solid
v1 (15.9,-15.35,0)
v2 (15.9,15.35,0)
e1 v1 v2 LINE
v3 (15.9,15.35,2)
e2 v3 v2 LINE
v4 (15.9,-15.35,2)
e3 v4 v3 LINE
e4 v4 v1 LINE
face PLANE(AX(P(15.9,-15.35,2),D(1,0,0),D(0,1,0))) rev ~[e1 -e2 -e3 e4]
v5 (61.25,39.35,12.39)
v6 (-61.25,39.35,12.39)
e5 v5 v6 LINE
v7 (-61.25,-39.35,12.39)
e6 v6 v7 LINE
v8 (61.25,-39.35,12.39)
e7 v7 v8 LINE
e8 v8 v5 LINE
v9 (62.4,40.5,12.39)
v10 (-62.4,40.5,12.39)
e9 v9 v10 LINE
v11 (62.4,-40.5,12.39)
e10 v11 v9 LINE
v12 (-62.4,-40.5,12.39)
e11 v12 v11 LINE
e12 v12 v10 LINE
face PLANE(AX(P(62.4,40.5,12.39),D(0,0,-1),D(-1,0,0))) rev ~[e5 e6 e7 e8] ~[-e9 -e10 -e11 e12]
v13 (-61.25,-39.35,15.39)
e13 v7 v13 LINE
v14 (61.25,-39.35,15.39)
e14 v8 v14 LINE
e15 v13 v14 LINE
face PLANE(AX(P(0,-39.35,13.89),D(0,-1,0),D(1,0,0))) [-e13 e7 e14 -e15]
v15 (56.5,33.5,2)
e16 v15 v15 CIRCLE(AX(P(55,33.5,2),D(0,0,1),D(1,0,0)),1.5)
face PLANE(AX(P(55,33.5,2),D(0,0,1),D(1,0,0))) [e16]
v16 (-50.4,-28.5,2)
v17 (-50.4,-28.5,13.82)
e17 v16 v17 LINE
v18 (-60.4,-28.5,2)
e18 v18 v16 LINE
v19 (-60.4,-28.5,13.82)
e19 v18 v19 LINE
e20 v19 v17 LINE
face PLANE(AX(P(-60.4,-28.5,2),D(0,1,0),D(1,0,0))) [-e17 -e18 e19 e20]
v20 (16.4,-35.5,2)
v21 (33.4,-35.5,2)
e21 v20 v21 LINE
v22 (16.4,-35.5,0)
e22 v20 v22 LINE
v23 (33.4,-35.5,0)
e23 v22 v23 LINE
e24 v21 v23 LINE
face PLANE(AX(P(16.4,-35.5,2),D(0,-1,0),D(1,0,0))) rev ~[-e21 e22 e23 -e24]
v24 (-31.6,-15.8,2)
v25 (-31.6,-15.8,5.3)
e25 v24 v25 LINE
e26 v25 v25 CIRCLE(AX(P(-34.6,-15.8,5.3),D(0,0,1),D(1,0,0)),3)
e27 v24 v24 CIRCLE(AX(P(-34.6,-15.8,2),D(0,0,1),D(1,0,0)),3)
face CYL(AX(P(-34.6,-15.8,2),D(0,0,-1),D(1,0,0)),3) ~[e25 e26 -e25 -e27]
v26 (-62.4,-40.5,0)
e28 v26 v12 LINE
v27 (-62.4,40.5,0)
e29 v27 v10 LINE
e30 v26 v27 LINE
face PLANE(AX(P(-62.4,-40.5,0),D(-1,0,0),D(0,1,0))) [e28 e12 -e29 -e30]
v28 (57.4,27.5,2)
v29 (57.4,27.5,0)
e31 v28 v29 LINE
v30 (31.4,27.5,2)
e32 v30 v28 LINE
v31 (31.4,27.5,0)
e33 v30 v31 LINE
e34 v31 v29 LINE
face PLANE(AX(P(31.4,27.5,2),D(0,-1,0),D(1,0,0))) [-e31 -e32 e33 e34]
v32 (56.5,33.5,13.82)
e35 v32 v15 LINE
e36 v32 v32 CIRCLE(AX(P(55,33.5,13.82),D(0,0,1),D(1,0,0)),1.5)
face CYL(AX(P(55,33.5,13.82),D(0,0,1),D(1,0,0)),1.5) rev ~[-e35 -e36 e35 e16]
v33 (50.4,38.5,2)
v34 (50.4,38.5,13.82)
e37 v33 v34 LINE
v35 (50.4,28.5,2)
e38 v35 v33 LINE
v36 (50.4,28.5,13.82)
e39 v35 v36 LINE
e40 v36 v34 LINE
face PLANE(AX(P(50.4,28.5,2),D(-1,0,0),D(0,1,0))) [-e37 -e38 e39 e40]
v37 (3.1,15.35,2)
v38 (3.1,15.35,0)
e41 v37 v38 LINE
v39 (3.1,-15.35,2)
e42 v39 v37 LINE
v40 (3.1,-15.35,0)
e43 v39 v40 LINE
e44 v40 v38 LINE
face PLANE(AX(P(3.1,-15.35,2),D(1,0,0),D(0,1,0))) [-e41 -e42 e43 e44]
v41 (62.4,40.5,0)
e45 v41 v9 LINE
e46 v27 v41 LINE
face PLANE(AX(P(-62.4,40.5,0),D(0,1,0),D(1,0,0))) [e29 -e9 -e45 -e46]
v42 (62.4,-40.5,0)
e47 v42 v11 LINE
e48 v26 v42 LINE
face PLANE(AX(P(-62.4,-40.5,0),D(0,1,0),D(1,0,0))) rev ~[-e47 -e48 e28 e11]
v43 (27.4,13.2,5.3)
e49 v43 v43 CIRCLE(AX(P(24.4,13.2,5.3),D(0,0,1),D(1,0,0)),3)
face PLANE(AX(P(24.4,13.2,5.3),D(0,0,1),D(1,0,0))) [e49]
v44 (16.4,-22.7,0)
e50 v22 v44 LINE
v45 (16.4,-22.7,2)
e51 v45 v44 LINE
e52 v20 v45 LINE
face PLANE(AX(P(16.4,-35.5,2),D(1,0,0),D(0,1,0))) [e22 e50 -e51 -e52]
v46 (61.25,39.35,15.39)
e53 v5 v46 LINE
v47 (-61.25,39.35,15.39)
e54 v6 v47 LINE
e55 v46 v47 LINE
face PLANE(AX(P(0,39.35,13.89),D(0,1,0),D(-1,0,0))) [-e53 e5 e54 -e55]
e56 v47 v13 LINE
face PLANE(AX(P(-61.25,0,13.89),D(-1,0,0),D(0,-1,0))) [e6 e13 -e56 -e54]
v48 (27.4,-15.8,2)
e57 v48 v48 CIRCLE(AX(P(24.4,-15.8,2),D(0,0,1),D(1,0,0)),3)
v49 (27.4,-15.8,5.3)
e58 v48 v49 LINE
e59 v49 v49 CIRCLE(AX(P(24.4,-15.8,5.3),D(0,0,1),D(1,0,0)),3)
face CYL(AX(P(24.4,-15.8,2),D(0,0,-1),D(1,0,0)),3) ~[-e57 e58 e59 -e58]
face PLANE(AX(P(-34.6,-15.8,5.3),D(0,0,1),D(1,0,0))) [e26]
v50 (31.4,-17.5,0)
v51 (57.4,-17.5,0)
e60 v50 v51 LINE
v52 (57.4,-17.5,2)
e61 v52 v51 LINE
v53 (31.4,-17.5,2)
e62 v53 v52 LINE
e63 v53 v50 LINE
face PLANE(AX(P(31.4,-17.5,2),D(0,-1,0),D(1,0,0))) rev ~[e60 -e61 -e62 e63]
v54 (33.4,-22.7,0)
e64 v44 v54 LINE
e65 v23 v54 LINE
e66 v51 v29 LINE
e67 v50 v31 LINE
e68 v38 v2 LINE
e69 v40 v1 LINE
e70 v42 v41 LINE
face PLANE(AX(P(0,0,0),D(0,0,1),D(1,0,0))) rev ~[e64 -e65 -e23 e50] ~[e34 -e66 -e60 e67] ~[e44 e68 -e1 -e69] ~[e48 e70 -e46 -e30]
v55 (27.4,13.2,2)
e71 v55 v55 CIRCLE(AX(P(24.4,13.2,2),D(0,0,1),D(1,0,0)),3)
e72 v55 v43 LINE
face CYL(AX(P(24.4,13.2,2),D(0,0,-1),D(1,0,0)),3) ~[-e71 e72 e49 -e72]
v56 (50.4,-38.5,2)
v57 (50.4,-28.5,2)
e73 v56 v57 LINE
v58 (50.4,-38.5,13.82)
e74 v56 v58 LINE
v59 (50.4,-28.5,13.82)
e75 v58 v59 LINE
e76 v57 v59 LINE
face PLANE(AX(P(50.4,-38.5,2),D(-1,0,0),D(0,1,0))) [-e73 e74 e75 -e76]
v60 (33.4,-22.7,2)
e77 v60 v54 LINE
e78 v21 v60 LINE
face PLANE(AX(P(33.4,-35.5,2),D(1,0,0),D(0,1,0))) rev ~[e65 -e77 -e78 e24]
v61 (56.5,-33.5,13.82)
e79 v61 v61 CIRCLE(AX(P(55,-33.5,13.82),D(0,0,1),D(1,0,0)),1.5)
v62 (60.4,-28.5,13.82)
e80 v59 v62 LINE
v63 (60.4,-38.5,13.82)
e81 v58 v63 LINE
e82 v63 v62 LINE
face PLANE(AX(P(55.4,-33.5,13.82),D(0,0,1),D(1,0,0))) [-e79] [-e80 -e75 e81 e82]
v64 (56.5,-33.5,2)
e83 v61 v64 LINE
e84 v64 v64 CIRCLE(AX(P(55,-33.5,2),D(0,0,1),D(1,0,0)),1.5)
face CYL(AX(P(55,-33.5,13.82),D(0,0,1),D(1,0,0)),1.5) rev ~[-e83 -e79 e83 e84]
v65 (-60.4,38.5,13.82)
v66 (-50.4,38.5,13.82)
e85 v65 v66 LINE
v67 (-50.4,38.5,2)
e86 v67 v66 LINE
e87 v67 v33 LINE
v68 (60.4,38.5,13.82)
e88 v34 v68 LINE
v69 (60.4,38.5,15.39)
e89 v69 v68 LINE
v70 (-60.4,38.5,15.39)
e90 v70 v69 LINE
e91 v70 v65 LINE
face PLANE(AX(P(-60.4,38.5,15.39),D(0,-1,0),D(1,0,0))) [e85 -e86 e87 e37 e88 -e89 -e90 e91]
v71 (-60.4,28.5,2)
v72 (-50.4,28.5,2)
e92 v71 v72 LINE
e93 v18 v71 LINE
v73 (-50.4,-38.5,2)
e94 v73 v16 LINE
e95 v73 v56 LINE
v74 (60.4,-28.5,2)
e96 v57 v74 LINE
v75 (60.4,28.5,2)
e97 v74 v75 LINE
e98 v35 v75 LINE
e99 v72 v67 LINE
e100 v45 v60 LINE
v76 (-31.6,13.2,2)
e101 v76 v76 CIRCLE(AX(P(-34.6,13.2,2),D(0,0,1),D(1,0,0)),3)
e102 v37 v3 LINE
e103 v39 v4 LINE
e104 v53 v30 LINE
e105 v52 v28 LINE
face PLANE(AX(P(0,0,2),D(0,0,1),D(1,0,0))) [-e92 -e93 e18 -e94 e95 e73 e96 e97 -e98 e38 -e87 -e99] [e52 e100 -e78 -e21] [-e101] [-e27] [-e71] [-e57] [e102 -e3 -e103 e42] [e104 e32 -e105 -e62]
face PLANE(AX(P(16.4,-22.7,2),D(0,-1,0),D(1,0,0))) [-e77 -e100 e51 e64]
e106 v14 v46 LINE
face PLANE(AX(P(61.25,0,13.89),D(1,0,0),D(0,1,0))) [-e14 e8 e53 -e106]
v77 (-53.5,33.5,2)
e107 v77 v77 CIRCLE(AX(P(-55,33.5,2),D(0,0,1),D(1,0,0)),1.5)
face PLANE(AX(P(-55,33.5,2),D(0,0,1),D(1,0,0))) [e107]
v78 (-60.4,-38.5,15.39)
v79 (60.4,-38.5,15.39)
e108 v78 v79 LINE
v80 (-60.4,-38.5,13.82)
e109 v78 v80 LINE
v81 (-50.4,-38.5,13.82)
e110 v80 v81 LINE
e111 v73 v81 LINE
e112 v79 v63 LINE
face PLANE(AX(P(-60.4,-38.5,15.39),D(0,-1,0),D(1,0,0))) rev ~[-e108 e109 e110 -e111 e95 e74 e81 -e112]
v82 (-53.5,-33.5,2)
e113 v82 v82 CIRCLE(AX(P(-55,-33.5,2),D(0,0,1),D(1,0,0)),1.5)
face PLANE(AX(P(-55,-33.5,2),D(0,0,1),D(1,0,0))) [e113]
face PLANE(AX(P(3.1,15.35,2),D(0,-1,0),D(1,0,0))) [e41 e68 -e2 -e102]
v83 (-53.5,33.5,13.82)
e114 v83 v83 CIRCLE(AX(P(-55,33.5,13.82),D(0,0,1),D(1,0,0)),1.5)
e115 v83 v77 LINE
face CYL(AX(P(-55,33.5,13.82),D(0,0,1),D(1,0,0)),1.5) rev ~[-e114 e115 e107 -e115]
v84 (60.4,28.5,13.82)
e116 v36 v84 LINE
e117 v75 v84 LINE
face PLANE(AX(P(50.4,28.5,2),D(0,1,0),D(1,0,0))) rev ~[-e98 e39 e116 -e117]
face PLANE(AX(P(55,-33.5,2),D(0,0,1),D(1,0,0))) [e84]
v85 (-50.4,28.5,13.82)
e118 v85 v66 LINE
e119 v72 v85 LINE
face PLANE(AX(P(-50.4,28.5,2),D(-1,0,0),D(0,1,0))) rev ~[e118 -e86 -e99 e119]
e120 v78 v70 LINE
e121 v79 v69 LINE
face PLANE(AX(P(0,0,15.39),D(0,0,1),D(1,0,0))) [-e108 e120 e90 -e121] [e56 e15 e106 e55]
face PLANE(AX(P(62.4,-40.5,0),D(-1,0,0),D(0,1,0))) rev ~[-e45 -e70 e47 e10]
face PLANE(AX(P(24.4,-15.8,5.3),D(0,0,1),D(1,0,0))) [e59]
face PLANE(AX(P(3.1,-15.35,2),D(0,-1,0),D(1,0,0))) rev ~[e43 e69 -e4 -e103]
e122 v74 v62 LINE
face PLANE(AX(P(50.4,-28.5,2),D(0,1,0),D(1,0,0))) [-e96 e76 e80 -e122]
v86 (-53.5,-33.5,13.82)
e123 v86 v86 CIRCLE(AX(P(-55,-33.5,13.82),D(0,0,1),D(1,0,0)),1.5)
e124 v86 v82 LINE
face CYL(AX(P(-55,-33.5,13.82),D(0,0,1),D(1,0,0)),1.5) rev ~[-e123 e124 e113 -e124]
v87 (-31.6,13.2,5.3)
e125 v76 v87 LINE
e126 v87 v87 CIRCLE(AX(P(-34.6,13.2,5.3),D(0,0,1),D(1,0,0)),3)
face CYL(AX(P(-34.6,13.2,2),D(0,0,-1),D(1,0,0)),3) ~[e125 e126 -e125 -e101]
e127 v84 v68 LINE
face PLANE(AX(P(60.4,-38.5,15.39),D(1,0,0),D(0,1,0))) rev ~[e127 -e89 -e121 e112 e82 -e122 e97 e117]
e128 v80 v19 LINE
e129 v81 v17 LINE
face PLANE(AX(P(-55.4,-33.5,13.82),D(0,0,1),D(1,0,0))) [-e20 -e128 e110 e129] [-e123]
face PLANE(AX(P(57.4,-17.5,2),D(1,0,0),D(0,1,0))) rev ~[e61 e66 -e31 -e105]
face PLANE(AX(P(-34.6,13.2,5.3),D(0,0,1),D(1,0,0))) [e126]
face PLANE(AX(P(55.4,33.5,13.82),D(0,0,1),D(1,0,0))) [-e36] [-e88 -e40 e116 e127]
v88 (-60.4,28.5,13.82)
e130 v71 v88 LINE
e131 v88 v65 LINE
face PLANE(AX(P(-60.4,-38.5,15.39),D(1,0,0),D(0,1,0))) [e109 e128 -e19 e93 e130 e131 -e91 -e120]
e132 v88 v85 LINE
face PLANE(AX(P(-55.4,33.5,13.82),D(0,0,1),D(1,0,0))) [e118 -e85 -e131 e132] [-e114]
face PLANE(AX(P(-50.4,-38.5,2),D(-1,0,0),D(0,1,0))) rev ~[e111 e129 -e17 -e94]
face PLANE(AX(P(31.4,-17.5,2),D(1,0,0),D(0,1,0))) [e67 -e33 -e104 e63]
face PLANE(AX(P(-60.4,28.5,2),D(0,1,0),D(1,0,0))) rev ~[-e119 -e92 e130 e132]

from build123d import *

# Parameters (mm, degrees)
F0_W      = 124.8
F0_H      = 81
F1_DEPTH  = 15.39
F2_W      = 120.8
F2_H      = 77
F3_DEPTH  = 13.39
F4_W      = 124.8
F4_H      = 3
F5_DEPTH  = 1.15
F6_W      = 124.8
F6_H      = 3
F7_DEPTH  = 1.15
F8_W      = 78.7
F8_H      = 3
F9_DEPTH  = 1.15
F10_W     = 78.7
F10_H     = 3
F11_DEPTH = 1.15
F12_W     = 10
F12_H     = 10
F13_DEPTH = 11.82
F14_W     = 10
F14_H     = 10
F15_DEPTH = 11.82
F16_W     = 10
F16_H     = 10
F17_DEPTH = 11.82
F18_W     = 10
F18_H     = 10
F19_DEPTH = 11.82
F20_R     = 1.5
F21_DEPTH = 11.82
F22_R     = 1.5
F23_DEPTH = 11.82
F24_R     = 1.5
F25_DEPTH = 11.82
F26_R     = 1.5
F27_DEPTH = 11.82
F28_W     = 26
F28_H     = 45
F29_DEPTH = 2.001
F30_W     = 12.8
F30_H     = 30.7
F31_DEPTH = 2.001
F32_W     = 17
F32_H     = 12.8
F33_DEPTH = 2.001
F34_R     = 3
F35_DEPTH = 3.3


with BuildPart() as f1:
    # F0 (on Top) → F1 (new body)
    with BuildSketch(Plane.XY):
        Rectangle(F0_W, F0_H)
    extrude(amount=F1_DEPTH)

    # F2 (on face) → F3 (cut)
    with BuildSketch(Plane.XY.offset(15.39)):
        Rectangle(F2_W, F2_H)
    extrude(amount=-F3_DEPTH, mode=Mode.SUBTRACT)

    # F4 (on face) → F5 (cut)
    with BuildSketch(Plane(origin=(0, 40.5, 0), x_dir=(-1, 0, 0), z_dir=(0, 1, 0))):
        with Locations((0, 13.89)):
            Rectangle(F4_W, F4_H)
    extrude(amount=-F5_DEPTH, mode=Mode.SUBTRACT)

    # F6 (on face) → F7 (cut)
    with BuildSketch(Plane.XZ.offset(40.5)):
        with Locations((0, 13.89)):
            Rectangle(F6_W, F6_H)
    extrude(amount=-F7_DEPTH, mode=Mode.SUBTRACT)

    # F8 (on face) → F9 (cut)
    with BuildSketch(Plane(origin=(-62.4, 0, 0), x_dir=(0, -1, 0), z_dir=(-1, 0, 0))):
        with Locations((0, 13.89)):
            Rectangle(F8_W, F8_H)
    extrude(amount=-F9_DEPTH, mode=Mode.SUBTRACT)

    # F10 (on face) → F11 (cut)
    with BuildSketch(Plane.YZ.offset(62.4)):
        with Locations((0, 13.89)):
            Rectangle(F10_W, F10_H)
    extrude(amount=-F11_DEPTH, mode=Mode.SUBTRACT)

    # F12 (on face) → F13 (join)
    with BuildSketch(Plane.XY.offset(2)):
        with Locations((-55.4, 33.5)):
            Rectangle(F12_W, F12_H)
    extrude(amount=F13_DEPTH)

    # F14 (on face) → F15 (join)
    with BuildSketch(Plane.XY.offset(2)):
        with Locations((-55.4, -33.5)):
            Rectangle(F14_W, F14_H)
    extrude(amount=F15_DEPTH)

    # F16 (on face) → F17 (join)
    with BuildSketch(Plane.XY.offset(2)):
        with Locations((55.4, -33.5)):
            Rectangle(F16_W, F16_H)
    extrude(amount=F17_DEPTH)

    # F18 (on face) → F19 (join)
    with BuildSketch(Plane.XY.offset(2)):
        with Locations((55.4, 33.5)):
            Rectangle(F18_W, F18_H)
    extrude(amount=F19_DEPTH)

    # F20 (on face) → F21 (cut)
    with BuildSketch(Plane.XY.offset(13.82)):
        with Locations((-55, 33.5)):
            Circle(F20_R)
    extrude(amount=-F21_DEPTH, mode=Mode.SUBTRACT)

    # F22 (on face) → F23 (cut)
    with BuildSketch(Plane.XY.offset(13.82)):
        with Locations((-55, -33.5)):
            Circle(F22_R)
    extrude(amount=-F23_DEPTH, mode=Mode.SUBTRACT)

    # F24 (on face) → F25 (cut)
    with BuildSketch(Plane.XY.offset(13.82)):
        with Locations((55, -33.5)):
            Circle(F24_R)
    extrude(amount=-F25_DEPTH, mode=Mode.SUBTRACT)

    # F26 (on face) → F27 (cut)
    with BuildSketch(Plane.XY.offset(13.82)):
        with Locations((55, 33.5)):
            Circle(F26_R)
    extrude(amount=-F27_DEPTH, mode=Mode.SUBTRACT)

    # F28 (on face) → F29 (cut, through all)
    with BuildSketch(Plane.XY.offset(2)):
        with Locations((44.4, 5)):
            Rectangle(F28_W, F28_H)
    extrude(amount=-F29_DEPTH, mode=Mode.SUBTRACT)

    # F30 (on face) → F31 (cut, through all)
    with BuildSketch(Plane.XY.offset(2)):
        with Locations((9.5, 0)):
            Rectangle(F30_W, F30_H)
    extrude(amount=-F31_DEPTH, mode=Mode.SUBTRACT)

    # F32 (on face) → F33 (cut, through all)
    with BuildSketch(Plane.XY.offset(2)):
        with Locations((24.9, -29.1)):
            Rectangle(F32_W, F32_H)
    extrude(amount=-F33_DEPTH, mode=Mode.SUBTRACT)

    # F34 (on face) → F35 (join)
    with BuildSketch(Plane.XY.offset(2)):
        with Locations((24.4, 13.2)):
            Circle(F34_R)
        with Locations((24.4, -15.8)):
            Circle(F34_R)
        with Locations((-34.6, 13.2)):
            Circle(F34_R)
        with Locations((-34.6, -15.8)):
            Circle(F34_R)
    extrude(amount=F35_DEPTH)


solid = f1.part
